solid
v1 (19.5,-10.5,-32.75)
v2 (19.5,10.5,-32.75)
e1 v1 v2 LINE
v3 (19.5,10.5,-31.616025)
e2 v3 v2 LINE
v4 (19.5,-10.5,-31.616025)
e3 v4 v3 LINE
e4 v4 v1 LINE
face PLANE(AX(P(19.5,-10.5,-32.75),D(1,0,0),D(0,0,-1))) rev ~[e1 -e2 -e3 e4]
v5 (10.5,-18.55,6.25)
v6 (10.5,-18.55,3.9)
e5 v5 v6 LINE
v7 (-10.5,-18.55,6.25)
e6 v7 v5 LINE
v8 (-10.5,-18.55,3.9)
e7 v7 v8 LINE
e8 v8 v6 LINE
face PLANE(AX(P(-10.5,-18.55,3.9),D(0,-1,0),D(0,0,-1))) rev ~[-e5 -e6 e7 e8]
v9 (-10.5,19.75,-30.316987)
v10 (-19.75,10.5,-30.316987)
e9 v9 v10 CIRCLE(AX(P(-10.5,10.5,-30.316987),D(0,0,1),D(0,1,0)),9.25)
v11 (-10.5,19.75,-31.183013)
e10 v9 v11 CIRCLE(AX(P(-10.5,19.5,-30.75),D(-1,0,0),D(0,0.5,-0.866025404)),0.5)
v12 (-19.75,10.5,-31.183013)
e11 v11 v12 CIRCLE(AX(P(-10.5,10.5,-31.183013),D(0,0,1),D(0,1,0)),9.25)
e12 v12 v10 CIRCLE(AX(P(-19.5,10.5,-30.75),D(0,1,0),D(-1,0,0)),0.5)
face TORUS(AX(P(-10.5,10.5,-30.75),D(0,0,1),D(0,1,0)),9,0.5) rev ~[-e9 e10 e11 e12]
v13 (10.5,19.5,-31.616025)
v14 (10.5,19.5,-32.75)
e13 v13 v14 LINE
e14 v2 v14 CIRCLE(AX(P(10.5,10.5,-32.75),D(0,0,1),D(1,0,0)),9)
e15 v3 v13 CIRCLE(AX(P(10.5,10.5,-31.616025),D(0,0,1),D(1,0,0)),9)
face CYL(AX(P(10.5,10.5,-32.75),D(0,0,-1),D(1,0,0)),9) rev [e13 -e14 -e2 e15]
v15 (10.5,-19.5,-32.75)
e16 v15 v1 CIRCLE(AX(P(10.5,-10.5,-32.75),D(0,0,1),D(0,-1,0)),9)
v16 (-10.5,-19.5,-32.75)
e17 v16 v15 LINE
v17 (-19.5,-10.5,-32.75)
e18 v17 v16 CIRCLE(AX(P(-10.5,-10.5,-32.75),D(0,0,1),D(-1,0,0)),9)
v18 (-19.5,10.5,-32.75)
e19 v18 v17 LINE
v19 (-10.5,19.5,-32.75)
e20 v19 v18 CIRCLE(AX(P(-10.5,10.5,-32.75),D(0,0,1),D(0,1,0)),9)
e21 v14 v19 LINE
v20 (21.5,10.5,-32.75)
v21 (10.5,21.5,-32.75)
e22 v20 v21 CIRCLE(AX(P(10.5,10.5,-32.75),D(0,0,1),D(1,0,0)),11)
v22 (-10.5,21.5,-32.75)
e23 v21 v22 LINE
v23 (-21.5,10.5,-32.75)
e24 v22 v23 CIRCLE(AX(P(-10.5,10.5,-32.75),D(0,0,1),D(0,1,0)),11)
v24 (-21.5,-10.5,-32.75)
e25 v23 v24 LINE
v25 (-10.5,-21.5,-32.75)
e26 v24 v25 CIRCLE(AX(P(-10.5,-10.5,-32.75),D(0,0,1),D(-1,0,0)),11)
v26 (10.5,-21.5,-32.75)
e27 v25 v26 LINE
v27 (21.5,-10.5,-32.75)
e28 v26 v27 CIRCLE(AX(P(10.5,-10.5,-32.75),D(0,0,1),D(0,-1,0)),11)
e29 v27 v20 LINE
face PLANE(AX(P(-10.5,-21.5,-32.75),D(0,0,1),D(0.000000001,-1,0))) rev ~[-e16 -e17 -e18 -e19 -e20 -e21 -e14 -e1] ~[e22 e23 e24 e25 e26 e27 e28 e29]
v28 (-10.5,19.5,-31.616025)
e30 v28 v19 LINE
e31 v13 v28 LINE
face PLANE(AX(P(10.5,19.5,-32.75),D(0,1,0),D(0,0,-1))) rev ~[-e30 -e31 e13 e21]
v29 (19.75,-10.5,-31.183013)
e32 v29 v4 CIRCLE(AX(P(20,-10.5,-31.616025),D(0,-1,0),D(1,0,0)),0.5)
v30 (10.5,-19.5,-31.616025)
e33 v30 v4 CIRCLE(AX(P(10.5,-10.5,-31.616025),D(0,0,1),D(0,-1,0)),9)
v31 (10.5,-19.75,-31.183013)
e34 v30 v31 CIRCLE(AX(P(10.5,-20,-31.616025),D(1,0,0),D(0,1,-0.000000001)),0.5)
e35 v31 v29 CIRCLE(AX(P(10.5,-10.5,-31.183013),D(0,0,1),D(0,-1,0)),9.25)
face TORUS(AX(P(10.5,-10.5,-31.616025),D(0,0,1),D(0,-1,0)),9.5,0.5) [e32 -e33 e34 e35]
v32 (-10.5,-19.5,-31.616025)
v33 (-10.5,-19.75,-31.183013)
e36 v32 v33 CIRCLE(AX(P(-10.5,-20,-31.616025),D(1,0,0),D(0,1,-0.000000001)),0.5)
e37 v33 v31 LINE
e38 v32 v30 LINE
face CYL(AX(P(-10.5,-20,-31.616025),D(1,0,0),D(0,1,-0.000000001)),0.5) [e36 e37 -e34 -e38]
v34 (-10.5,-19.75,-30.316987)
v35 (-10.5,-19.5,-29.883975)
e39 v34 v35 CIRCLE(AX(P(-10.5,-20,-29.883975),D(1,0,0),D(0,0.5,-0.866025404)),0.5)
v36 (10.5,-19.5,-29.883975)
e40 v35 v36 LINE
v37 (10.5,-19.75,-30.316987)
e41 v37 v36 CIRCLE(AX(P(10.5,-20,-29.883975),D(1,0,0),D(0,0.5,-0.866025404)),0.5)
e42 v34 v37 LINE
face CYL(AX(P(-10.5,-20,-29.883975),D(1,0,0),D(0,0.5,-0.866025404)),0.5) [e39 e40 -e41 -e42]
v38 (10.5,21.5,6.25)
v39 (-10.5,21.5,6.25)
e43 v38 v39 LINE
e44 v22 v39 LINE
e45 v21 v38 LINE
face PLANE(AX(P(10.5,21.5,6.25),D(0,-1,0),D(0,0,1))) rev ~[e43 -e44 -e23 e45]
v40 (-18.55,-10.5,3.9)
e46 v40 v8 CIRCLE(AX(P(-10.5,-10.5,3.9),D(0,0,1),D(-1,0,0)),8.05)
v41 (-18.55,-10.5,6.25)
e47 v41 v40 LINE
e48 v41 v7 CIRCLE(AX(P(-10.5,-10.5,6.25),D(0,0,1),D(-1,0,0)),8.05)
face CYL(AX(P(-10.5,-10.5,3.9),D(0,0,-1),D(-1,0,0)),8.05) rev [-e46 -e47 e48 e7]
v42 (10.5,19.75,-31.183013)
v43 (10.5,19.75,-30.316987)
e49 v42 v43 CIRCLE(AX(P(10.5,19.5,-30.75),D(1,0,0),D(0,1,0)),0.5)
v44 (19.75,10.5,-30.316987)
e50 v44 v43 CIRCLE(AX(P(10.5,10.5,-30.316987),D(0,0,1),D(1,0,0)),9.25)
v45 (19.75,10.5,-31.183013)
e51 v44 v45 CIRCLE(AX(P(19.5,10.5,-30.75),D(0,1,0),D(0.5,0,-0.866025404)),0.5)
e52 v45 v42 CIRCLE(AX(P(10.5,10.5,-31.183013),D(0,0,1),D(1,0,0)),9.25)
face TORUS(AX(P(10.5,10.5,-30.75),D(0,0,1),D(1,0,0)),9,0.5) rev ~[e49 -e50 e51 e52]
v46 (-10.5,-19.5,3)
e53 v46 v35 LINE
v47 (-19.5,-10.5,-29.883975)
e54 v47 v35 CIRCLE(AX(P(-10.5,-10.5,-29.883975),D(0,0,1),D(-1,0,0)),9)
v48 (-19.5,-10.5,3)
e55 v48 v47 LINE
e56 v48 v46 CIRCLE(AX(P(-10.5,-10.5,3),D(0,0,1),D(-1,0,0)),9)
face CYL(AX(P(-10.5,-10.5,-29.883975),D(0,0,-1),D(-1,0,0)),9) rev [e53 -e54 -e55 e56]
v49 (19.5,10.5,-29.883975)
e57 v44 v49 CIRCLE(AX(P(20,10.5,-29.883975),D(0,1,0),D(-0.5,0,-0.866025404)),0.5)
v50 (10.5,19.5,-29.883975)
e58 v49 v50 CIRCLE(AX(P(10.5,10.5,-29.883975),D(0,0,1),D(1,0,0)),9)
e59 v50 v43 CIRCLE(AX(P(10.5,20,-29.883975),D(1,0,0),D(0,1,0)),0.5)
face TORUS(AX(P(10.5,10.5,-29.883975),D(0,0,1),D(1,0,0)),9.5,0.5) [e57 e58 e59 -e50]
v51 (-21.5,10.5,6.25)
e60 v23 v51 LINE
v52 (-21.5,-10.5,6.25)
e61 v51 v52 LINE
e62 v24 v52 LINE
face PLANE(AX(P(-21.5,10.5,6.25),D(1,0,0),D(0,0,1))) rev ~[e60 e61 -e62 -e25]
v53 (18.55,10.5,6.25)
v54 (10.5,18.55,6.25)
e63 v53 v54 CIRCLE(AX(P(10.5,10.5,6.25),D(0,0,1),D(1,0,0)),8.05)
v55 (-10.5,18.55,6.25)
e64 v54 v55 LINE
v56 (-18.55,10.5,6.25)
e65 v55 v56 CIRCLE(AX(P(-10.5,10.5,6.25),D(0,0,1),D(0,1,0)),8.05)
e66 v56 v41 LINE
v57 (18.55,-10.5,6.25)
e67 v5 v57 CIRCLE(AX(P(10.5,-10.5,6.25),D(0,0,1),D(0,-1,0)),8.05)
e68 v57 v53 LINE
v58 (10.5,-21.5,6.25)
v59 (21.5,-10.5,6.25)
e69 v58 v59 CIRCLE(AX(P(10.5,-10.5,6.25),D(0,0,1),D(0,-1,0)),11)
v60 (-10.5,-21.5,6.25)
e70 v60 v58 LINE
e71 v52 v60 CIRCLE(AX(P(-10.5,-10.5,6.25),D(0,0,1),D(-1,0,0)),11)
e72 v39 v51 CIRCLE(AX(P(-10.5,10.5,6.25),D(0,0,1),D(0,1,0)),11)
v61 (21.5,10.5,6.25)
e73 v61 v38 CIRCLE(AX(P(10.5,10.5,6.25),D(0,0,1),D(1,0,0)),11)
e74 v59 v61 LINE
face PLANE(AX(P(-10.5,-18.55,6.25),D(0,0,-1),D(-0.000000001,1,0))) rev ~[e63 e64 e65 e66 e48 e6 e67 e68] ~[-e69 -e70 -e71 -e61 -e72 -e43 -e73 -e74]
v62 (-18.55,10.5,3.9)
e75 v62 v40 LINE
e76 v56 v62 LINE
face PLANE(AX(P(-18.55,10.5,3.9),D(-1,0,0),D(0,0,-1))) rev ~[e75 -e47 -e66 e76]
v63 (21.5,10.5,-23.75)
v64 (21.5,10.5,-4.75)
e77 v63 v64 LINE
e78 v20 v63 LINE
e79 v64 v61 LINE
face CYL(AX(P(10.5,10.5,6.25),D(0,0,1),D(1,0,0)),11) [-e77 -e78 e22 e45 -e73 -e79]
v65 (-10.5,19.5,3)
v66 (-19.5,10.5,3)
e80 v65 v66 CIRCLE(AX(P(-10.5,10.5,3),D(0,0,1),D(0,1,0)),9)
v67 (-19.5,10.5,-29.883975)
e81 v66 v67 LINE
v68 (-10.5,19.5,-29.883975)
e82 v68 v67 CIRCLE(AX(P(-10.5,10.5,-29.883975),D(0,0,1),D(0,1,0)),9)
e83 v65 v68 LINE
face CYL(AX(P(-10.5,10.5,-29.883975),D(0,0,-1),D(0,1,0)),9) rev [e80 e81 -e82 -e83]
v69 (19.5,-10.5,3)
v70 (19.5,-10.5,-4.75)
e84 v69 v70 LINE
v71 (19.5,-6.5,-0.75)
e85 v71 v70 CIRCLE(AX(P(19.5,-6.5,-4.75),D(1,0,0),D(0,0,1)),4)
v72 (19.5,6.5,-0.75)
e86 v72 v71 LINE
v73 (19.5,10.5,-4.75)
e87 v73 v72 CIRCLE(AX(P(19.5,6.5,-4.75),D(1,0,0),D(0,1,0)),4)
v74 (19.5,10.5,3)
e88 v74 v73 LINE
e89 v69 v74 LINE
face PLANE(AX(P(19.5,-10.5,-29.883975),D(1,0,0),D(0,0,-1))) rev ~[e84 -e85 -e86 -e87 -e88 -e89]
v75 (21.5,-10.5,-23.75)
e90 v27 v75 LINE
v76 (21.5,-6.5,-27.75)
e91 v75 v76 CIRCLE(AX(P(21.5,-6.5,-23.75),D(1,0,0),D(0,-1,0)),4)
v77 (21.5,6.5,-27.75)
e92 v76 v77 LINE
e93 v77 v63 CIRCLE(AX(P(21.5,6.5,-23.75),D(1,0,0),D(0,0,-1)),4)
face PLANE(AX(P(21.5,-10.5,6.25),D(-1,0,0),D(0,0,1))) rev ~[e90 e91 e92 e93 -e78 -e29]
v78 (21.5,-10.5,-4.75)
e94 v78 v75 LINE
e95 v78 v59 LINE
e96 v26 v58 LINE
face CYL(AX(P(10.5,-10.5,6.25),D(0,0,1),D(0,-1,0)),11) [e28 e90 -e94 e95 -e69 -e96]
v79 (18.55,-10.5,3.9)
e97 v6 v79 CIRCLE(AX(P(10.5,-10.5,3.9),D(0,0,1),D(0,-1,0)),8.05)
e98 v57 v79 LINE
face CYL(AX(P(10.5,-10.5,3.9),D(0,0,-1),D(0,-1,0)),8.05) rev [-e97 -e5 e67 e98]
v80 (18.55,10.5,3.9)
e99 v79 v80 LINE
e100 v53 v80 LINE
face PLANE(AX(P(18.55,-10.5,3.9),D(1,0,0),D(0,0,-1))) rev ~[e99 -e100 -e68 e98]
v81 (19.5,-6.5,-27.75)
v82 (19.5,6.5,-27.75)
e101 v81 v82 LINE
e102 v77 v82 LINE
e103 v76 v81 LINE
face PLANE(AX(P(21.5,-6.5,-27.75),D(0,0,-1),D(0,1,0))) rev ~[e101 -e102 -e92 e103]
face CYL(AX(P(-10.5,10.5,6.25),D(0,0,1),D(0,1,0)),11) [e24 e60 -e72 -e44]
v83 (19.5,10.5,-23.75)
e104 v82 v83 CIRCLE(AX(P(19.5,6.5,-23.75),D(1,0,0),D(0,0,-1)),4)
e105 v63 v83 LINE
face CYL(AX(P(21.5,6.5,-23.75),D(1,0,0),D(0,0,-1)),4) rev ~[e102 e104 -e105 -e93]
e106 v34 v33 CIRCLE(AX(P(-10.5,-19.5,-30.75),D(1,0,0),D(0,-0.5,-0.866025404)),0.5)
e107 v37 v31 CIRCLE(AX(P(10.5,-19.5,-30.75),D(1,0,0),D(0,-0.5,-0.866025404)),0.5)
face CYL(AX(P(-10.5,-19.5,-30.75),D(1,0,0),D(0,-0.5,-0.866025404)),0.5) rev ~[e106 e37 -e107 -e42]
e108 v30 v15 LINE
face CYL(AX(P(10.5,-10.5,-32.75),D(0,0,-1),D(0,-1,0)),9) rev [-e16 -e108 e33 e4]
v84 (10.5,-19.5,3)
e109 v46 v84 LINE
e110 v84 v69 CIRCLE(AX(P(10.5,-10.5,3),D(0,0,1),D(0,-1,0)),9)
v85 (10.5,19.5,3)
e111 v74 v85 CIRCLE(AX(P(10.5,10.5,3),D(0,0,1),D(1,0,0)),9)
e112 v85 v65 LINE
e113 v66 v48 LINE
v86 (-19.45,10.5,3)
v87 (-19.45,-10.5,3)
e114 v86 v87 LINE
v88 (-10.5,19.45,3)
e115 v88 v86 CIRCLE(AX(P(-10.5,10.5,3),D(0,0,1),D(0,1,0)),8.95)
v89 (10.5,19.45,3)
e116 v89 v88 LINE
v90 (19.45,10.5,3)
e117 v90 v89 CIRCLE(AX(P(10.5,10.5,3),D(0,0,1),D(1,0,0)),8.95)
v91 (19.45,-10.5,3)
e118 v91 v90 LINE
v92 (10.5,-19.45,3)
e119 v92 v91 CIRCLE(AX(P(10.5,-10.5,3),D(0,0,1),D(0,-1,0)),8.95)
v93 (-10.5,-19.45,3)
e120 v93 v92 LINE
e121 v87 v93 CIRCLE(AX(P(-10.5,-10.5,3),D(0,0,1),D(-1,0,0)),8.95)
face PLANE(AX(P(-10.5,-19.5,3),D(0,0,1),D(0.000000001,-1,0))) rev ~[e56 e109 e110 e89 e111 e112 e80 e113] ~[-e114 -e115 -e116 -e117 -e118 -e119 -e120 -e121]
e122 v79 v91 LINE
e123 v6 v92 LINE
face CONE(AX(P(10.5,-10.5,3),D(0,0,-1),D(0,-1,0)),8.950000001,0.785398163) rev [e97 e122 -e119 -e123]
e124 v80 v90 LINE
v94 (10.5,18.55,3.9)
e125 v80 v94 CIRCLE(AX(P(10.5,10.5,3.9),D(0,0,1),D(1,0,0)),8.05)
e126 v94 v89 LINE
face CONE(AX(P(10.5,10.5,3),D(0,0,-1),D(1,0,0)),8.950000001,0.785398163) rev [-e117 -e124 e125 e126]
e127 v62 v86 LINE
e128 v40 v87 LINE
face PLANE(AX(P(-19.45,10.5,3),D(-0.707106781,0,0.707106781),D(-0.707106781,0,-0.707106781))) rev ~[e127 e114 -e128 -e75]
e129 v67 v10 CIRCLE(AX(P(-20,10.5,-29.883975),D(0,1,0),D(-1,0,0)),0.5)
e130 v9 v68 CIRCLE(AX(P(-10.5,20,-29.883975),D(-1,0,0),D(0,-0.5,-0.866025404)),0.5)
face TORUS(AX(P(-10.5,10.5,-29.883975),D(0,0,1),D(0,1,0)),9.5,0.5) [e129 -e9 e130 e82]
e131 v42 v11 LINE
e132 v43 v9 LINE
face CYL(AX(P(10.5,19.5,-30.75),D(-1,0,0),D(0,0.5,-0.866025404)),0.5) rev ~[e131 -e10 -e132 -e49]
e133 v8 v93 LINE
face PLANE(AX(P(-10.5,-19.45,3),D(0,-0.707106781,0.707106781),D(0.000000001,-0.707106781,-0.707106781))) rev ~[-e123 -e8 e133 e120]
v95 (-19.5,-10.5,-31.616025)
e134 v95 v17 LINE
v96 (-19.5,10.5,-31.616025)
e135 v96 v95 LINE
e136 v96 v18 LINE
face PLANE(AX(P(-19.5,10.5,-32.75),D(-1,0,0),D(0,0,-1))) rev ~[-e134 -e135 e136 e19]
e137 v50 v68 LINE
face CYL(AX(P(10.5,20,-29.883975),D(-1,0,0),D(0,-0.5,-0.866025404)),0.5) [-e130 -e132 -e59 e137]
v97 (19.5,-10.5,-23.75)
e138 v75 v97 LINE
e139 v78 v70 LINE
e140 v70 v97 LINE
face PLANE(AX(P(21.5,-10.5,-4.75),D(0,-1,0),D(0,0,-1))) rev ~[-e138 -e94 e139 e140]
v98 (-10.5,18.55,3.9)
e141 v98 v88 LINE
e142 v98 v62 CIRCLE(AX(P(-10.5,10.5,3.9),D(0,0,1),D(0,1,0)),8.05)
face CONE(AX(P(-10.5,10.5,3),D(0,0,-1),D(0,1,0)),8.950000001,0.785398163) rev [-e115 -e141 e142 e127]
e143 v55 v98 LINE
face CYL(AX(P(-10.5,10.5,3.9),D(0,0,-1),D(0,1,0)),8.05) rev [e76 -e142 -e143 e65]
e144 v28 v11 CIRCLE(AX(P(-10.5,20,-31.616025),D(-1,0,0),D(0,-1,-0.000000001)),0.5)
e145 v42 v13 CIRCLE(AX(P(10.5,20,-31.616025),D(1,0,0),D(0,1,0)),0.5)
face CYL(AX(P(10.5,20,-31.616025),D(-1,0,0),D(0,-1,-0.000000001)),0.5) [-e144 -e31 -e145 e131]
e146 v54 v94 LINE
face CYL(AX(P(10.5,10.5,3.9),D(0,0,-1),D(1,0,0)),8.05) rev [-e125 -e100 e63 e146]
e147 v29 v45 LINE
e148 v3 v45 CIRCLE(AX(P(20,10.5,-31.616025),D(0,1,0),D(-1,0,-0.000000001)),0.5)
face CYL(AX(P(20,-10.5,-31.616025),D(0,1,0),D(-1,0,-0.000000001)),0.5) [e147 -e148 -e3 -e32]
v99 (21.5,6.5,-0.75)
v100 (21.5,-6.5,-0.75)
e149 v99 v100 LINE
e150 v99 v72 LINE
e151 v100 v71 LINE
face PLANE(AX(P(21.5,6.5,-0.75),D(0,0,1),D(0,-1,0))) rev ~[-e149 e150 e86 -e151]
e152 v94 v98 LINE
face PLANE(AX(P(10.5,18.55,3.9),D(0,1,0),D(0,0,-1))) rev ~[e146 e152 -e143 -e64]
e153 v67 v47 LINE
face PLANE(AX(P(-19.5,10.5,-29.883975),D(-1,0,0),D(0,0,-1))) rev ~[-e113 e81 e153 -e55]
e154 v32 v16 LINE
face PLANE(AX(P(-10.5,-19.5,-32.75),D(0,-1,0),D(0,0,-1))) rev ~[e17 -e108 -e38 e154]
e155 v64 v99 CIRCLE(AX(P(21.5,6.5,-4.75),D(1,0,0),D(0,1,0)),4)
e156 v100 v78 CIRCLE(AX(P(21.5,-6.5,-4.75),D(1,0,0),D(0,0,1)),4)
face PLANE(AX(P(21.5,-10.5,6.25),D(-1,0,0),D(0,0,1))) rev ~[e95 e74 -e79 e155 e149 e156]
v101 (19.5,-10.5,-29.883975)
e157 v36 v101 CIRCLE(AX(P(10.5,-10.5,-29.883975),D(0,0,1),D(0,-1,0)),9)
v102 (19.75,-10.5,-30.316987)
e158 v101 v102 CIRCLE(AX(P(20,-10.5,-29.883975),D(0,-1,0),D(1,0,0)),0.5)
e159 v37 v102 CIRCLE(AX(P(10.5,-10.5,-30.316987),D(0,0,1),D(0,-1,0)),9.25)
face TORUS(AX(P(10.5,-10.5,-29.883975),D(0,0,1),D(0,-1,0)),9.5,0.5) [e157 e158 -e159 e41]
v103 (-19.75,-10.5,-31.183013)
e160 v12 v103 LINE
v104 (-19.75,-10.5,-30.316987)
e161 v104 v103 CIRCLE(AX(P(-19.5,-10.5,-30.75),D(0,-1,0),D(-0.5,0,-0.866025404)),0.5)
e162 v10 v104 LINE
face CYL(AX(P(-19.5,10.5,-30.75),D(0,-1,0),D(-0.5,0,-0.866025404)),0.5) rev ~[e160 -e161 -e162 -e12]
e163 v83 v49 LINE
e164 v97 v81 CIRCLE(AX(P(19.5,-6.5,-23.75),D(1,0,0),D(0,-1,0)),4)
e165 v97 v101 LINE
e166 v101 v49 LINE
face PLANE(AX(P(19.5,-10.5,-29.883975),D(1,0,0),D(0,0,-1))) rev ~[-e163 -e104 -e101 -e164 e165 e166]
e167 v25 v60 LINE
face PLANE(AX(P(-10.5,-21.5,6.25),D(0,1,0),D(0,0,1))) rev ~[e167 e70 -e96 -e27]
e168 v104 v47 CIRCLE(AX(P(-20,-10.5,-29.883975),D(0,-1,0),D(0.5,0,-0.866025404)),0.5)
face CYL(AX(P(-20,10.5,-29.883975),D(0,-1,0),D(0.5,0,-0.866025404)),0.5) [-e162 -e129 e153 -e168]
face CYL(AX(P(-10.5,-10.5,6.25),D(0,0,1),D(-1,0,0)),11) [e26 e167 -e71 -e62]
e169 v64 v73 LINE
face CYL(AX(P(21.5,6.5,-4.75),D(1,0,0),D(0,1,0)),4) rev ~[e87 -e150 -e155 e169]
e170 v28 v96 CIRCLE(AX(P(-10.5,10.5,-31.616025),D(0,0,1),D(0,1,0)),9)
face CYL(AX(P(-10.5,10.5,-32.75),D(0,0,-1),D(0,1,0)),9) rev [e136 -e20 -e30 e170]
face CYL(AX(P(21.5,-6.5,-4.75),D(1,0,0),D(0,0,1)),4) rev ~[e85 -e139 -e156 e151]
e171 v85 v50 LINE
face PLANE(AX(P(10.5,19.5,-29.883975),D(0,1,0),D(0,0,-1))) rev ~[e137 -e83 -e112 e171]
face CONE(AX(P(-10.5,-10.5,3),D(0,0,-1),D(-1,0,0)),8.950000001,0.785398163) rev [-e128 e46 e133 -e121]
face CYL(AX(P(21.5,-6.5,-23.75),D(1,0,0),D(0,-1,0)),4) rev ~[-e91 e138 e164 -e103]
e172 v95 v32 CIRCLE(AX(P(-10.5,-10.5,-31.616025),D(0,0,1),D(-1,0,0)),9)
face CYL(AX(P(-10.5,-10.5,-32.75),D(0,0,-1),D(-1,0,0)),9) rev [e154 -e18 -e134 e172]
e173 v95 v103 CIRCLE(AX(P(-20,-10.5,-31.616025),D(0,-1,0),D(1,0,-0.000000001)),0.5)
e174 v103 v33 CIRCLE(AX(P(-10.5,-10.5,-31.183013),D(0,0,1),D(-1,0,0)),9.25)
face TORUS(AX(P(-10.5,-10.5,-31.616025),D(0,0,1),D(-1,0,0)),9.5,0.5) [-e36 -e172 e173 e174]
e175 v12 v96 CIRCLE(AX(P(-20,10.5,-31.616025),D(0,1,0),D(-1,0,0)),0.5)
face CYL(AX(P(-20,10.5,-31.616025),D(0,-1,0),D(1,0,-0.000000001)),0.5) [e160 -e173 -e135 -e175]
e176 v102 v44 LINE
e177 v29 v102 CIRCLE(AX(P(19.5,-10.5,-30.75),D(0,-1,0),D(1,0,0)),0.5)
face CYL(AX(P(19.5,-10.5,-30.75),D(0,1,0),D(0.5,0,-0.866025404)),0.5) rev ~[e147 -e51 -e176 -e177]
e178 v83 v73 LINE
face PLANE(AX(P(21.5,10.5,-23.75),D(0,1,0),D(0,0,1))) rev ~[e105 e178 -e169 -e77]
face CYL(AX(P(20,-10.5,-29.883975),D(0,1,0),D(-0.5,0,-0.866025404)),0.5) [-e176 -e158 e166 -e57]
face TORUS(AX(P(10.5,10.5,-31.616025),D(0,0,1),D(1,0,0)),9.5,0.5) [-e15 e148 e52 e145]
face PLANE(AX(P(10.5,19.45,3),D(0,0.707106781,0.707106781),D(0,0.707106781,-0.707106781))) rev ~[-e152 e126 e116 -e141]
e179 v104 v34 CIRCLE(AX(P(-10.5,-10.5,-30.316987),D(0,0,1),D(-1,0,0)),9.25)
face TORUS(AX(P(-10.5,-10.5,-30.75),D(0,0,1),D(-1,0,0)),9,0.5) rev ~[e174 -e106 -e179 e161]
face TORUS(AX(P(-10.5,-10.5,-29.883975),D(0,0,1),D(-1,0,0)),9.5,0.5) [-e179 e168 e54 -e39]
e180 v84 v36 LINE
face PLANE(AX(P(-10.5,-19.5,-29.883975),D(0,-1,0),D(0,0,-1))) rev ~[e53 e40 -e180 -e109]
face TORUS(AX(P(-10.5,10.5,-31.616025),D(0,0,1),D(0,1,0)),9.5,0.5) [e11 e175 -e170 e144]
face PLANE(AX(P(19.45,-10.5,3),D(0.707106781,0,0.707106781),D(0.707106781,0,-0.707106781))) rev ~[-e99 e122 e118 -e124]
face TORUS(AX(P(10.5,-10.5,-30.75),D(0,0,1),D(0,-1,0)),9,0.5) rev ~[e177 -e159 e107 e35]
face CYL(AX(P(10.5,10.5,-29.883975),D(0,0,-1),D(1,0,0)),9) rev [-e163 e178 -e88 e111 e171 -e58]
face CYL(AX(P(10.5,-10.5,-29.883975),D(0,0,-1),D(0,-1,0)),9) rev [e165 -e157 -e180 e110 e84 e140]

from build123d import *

# Parameters (mm, degrees)
POWER_BUTTON_HOLE_DEPTH = 2


with BuildPart() as part:
    # Case 2: sweep along a path in Sketch1
    with BuildLine(Plane.XY) as case_2_path:
        Line((-10.5, -19.25), (10.5, -19.25))
        ThreePointArc((10.5, -19.25), (16.687184335, -16.687184335), (19.25, -10.5))
        Line((19.25, -10.5), (19.25, 10.5))
        ThreePointArc((19.25, 10.5), (16.687184335, 16.687184335), (10.5, 19.25))
        Line((10.5, 19.25), (-10.5, 19.25))
        ThreePointArc((-10.5, 19.25), (-16.687184335, 16.687184335), (-19.25, 10.5))
        Line((-19.25, 10.5), (-19.25, -10.5))
        ThreePointArc((-19.25, -10.5), (-16.687184335, -16.687184335), (-10.5, -19.25))
    # Sketch4 → Case 2 (sweep)
    with BuildSketch(Plane(origin=(0, 0, 0), x_dir=(1, 0, 0), z_dir=(0, 1, 0))):
        with BuildLine():
            Line((-19.5, 0), (-19.5, -3))
            Line((-19.5, -3), (-19.45, -3))
            Line((-19.45, -3), (-18.55, -3.9))
            Line((-18.55, -3.9), (-18.55, -6.25))
            Line((-18.55, -6.25), (-21.5, -6.25))
            Line((-21.5, -6.25), (-21.5, 32.75))
            Line((-21.5, 32.75), (-19.5, 32.75))
            Line((-19.5, 32.75), (-19.5, 31.616025404))
            ThreePointArc((-19.5, 31.616025404), (-19.566987298, 31.366025404), (-19.75, 31.183012702))
            ThreePointArc((-19.75, 31.183012702), (-20, 30.75), (-19.75, 30.316987298))
            ThreePointArc((-19.75, 30.316987298), (-19.566987298, 30.133974596), (-19.5, 29.883974596))
            Line((-19.5, 29.883974596), (-19.5, 0))
        make_face()
    sweep(path=case_2_path.line)

    # Sketch6 → Power Button Hole (cut)
    with BuildSketch(Plane(origin=(21.5, 0, 0), x_dir=(0, 0, -1), z_dir=(1, 0, 0))):
        with BuildLine():
            Line((23.75, 10.5), (4.75, 10.5))
            ThreePointArc((4.75, 10.5), (1.921572875, 9.328427125), (0.75, 6.5))
            Line((0.75, 6.5), (0.75, -6.5))
            ThreePointArc((0.75, -6.5), (1.921572875, -9.328427125), (4.75, -10.5))
            Line((4.75, -10.5), (23.75, -10.5))
            ThreePointArc((23.75, -10.5), (26.578427125, -9.328427125), (27.75, -6.5))
            Line((27.75, -6.5), (27.75, 6.5))
            ThreePointArc((27.75, 6.5), (26.578427125, 9.328427125), (23.75, 10.5))
        make_face()
    extrude(amount=-POWER_BUTTON_HOLE_DEPTH, mode=Mode.SUBTRACT)


solid = part.part
